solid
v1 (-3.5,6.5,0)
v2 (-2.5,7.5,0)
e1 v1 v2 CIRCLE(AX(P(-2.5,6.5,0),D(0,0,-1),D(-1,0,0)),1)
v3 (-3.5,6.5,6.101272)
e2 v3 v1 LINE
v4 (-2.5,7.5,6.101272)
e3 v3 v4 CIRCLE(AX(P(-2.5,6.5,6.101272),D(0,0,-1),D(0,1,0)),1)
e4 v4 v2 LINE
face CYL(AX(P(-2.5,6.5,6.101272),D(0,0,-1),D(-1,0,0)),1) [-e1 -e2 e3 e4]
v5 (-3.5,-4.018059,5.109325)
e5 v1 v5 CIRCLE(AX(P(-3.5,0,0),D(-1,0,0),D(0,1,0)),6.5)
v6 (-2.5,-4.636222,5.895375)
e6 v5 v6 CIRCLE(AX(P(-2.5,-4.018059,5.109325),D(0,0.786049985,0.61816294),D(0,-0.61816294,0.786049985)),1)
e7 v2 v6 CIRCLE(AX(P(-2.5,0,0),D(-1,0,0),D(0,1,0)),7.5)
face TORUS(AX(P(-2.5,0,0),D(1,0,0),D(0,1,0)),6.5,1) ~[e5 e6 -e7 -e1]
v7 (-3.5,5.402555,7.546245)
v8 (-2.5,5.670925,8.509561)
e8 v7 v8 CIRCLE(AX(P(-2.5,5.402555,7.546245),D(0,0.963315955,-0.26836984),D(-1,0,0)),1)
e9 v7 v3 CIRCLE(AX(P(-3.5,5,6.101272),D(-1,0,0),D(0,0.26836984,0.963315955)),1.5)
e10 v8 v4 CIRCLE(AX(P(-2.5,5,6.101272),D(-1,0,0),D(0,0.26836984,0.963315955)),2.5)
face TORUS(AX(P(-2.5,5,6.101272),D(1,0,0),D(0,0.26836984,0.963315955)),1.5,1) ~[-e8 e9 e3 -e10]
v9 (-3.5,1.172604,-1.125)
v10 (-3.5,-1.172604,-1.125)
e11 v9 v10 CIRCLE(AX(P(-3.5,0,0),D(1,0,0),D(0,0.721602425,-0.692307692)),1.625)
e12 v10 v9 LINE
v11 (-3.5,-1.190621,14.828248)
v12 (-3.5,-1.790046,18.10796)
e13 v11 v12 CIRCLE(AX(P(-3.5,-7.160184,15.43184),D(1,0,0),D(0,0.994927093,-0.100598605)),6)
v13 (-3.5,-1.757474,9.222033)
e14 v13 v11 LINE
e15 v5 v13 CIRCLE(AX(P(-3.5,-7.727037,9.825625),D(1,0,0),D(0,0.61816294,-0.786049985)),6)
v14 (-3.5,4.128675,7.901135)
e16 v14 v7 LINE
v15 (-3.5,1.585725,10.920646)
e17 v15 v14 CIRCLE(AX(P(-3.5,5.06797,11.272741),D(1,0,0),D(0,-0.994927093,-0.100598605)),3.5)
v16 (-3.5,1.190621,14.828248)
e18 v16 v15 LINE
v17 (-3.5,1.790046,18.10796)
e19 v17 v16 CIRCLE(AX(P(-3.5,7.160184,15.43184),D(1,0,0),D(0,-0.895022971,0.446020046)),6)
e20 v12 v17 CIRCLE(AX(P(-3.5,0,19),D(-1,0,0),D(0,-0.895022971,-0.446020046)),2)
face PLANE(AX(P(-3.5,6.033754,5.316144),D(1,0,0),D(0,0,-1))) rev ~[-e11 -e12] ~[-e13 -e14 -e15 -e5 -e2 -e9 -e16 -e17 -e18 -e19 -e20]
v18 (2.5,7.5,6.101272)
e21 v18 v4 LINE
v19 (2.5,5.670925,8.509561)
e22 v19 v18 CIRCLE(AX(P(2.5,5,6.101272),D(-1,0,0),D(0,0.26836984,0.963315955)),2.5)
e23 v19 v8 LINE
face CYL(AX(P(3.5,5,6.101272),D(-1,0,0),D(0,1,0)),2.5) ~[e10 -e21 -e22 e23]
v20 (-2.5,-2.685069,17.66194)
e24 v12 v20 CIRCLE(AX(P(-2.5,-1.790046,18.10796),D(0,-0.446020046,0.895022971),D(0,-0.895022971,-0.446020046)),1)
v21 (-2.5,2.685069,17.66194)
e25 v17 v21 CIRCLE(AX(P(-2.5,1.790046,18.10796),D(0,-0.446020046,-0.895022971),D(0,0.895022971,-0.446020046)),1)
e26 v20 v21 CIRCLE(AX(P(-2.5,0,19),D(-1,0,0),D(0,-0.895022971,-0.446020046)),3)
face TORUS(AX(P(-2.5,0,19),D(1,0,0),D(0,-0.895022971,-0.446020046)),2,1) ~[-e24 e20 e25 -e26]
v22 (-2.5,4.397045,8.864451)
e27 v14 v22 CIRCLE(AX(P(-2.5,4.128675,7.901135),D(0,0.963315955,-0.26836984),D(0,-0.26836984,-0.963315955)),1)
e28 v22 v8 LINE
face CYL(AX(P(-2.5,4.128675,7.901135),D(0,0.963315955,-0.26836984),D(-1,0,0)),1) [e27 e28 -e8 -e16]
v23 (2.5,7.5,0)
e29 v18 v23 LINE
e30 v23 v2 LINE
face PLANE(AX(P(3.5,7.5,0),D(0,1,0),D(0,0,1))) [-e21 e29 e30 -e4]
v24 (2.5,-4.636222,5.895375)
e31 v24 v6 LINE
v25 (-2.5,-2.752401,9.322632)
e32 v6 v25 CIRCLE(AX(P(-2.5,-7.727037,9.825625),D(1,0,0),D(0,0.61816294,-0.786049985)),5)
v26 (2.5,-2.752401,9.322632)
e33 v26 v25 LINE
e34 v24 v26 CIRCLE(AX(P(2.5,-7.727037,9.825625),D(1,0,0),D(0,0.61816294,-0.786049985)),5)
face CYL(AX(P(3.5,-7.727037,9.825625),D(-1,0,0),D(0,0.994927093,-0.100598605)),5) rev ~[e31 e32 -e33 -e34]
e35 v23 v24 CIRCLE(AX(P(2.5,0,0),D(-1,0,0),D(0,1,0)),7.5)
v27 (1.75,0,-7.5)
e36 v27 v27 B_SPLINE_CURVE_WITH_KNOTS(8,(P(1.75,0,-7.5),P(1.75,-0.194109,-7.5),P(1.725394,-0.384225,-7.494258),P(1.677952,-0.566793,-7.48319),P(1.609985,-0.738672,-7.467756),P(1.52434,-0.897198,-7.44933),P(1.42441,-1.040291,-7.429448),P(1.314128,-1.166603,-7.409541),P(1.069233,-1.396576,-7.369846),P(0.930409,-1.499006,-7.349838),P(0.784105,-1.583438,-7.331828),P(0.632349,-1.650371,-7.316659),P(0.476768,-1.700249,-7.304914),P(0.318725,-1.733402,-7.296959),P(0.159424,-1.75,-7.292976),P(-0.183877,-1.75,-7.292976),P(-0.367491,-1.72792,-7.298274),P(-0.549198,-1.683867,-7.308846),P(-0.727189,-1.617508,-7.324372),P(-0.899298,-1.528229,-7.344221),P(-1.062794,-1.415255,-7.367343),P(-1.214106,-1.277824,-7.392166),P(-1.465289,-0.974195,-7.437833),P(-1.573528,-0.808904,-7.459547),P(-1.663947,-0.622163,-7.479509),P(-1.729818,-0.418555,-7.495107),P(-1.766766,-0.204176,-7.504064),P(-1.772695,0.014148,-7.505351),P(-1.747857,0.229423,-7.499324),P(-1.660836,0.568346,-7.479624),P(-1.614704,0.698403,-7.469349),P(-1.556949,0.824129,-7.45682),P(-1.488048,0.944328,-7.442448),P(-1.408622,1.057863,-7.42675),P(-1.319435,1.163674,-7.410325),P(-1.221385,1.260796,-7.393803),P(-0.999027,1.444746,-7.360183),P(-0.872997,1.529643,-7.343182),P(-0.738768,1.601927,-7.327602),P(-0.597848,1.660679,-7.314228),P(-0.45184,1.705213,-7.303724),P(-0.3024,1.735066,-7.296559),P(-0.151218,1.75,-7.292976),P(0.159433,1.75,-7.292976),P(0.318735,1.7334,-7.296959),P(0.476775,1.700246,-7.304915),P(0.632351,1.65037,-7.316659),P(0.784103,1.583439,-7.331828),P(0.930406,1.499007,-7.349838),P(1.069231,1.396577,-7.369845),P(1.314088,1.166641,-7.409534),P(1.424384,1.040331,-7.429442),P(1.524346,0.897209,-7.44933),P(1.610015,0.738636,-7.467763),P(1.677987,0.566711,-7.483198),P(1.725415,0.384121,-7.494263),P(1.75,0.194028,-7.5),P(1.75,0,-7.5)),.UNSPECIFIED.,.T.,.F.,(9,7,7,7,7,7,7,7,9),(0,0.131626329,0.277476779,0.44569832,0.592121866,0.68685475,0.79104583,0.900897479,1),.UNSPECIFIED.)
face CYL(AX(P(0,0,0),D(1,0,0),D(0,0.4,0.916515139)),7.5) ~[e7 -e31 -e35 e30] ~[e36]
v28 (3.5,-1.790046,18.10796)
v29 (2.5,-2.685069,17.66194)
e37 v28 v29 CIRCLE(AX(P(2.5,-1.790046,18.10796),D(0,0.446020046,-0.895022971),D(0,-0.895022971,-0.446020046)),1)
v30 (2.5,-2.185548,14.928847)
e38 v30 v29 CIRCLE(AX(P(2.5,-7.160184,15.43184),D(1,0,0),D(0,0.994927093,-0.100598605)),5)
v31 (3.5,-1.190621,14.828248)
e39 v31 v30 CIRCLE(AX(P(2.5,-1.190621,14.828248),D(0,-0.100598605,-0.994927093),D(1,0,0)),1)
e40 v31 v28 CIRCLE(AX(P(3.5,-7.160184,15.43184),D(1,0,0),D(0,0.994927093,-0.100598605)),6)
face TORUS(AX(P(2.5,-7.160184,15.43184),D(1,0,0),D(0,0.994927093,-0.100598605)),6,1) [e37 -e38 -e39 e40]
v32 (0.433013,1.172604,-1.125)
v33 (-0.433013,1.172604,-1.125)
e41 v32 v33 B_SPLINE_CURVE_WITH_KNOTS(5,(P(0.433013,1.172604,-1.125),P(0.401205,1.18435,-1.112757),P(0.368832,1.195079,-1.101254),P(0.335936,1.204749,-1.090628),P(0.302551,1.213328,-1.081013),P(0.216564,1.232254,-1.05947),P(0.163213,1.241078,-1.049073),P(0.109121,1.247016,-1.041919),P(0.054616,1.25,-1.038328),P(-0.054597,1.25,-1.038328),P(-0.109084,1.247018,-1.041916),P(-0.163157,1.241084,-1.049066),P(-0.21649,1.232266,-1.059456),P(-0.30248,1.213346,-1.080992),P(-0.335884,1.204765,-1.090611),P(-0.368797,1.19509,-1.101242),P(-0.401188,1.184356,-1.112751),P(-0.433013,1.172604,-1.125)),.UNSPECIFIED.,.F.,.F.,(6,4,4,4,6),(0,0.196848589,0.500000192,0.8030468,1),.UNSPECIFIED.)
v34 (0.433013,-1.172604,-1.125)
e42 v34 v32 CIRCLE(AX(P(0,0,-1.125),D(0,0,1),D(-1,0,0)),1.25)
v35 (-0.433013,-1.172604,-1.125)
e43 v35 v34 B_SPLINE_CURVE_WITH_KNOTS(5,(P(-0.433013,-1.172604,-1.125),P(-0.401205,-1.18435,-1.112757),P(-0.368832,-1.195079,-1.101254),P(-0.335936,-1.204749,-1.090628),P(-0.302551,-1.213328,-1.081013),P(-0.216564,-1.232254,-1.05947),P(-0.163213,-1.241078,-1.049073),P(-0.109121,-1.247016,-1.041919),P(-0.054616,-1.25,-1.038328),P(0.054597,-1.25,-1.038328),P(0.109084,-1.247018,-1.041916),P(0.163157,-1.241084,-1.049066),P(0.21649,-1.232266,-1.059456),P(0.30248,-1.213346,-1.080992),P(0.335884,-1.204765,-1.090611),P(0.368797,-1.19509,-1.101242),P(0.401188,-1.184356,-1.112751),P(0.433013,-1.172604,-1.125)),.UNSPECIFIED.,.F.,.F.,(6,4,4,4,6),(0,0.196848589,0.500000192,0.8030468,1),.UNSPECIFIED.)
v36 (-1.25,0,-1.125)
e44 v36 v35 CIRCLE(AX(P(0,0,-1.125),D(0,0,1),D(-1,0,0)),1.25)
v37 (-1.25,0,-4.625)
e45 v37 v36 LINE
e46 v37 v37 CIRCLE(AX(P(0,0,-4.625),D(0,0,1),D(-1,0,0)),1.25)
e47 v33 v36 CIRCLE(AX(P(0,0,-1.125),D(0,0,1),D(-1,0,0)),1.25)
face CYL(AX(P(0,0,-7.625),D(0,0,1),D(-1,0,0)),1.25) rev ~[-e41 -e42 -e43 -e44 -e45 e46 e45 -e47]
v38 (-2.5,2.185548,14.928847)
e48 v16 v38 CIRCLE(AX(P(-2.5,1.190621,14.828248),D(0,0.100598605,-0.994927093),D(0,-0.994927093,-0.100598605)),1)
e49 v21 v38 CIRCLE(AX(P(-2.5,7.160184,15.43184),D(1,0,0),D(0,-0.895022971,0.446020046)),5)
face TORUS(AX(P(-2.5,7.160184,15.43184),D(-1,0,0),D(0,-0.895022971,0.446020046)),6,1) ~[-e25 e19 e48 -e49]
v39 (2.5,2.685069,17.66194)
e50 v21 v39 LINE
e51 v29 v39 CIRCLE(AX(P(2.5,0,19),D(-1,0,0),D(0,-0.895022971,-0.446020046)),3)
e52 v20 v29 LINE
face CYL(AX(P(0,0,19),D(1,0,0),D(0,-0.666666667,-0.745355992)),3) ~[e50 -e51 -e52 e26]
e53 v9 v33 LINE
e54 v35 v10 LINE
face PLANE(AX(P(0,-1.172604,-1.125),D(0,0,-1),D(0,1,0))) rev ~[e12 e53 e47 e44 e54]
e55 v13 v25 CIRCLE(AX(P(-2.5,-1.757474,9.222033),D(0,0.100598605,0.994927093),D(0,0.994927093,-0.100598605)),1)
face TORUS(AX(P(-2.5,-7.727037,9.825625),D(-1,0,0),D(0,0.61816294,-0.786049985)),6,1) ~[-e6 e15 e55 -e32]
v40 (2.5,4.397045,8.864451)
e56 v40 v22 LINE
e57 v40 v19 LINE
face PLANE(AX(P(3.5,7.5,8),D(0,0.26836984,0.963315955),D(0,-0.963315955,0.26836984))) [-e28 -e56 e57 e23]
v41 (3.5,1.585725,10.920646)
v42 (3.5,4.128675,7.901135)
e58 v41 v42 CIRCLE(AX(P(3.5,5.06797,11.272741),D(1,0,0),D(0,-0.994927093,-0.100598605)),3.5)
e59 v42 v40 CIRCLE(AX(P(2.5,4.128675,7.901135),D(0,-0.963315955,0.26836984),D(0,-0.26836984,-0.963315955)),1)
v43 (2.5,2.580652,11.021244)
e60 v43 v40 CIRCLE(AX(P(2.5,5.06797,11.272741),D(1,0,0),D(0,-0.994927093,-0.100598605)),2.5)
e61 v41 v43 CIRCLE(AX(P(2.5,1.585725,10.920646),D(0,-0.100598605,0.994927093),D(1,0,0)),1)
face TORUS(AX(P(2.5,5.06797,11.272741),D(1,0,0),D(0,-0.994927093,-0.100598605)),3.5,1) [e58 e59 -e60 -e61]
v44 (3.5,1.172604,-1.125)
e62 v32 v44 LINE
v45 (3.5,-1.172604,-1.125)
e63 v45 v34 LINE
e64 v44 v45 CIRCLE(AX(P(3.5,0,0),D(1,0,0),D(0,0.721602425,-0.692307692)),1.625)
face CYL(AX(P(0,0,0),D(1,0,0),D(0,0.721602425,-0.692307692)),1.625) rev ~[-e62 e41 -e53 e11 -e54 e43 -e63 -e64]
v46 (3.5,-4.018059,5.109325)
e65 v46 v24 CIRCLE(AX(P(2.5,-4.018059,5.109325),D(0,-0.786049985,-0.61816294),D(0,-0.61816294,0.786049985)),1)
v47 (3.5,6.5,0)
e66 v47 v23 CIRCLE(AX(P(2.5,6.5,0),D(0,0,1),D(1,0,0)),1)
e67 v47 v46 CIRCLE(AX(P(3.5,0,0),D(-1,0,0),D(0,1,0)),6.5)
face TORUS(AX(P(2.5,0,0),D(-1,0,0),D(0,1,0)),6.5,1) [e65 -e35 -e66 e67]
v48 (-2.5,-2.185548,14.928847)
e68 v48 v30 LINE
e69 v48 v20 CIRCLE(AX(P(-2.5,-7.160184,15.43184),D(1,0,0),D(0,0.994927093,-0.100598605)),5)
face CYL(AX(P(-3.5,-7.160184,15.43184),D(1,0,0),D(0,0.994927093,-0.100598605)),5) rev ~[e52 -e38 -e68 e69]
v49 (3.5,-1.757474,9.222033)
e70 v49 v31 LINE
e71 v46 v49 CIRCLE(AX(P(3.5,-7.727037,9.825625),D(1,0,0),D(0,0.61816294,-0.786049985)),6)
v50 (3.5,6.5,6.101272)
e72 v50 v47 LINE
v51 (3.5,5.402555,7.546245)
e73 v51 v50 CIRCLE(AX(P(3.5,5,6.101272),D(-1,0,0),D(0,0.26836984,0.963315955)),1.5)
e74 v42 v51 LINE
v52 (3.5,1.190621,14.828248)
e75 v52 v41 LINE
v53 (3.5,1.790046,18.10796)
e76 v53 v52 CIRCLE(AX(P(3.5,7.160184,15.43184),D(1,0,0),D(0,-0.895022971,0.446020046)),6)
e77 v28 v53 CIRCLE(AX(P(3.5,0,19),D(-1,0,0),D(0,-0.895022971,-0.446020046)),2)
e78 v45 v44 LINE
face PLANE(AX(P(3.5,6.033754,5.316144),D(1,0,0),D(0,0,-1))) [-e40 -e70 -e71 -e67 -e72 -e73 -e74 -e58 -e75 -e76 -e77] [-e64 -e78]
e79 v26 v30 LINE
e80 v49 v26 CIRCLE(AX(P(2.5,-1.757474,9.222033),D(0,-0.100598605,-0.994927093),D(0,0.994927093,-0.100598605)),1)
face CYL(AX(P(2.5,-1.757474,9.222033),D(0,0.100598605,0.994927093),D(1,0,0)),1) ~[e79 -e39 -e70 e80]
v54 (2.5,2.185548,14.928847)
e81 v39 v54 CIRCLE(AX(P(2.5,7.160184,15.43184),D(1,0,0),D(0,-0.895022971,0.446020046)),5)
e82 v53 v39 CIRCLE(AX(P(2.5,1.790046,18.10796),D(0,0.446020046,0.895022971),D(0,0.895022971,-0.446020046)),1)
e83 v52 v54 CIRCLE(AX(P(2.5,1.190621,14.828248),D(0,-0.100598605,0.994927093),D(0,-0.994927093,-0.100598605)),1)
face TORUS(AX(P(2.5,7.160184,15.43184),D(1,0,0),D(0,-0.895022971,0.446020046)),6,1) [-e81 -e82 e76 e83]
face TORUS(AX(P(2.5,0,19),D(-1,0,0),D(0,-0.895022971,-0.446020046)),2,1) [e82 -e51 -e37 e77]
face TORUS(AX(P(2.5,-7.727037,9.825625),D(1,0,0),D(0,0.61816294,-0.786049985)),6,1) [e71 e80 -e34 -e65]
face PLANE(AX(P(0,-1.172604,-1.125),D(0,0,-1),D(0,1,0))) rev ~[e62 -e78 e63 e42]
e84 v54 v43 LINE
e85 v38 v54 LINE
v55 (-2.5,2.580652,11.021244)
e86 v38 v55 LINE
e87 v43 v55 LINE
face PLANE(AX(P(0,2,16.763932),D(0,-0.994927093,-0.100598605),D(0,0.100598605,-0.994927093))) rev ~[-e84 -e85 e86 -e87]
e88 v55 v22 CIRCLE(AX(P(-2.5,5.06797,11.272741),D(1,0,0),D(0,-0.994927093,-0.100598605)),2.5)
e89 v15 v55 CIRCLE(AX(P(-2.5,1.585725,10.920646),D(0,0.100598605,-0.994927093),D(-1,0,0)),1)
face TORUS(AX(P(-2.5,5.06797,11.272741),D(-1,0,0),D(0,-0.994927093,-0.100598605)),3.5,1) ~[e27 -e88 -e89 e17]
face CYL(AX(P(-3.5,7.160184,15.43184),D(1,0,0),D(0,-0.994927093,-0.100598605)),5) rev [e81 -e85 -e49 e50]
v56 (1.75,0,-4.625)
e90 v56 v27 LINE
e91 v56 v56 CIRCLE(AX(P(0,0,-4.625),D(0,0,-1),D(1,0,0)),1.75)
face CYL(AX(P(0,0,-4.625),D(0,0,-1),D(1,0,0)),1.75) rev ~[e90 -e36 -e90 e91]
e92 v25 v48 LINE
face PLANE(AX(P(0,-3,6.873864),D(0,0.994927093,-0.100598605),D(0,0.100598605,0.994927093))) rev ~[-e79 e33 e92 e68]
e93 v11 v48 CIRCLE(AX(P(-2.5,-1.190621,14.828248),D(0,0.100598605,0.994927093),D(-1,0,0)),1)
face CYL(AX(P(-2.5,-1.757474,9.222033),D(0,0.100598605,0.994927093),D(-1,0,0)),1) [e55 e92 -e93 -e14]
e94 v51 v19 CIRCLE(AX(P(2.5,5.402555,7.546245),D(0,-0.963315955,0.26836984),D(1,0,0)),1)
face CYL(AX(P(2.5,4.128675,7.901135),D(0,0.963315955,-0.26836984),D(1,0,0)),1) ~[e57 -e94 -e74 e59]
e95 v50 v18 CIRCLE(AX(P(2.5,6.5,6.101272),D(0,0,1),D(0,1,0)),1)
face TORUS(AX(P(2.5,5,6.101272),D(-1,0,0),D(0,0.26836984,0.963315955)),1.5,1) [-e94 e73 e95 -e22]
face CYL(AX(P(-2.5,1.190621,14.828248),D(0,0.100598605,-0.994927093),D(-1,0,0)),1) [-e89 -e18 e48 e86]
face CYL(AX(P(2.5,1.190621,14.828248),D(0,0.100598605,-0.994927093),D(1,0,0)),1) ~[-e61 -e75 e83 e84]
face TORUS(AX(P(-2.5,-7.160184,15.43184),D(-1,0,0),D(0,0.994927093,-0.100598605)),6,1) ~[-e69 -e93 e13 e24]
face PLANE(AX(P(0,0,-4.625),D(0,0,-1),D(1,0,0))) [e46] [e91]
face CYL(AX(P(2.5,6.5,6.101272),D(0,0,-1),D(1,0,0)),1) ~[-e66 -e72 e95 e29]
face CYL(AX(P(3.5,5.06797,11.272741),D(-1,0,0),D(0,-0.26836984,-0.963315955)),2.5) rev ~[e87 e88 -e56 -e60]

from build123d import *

# Parameters (mm, degrees)
BOSS_EXTRUDE1_DEPTH = 3.5
FILLET1_R           = 5
HOLE1_D             = 2.5
HOLE1_DEPTH         = 8
HOLE1_CBORE_D       = 3.5
HOLE1_CBORE_DEPTH   = 3
BOSS_EXTRUDE2_DEPTH = 7
FILLET3_R           = 2.5
FILLET2_R           = 1


with BuildPart() as part:
    # Sketch1 → Boss-Extrude1 (new, symmetric)
    with BuildSketch(Plane(origin=(0, 0, 0), x_dir=(0, 0, -1), z_dir=(1, 0, 0))):
        with BuildLine():
            Line((-16.763932023, 2), (-6.873863542, 3))
            ThreePointArc((-6.873863542, 3), (7.5, 0), (-6.873863542, -3))
            Line((-6.873863542, -3), (-16.763932023, -2))
            ThreePointArc((-16.763932023, -2), (-22, 0), (-16.763932023, 2))
        make_face()
        with BuildLine():
            Line((1.125, -1.17260394), (1.125, 1.17260394))
            ThreePointArc((1.125, 1.17260394), (-1.625, 0), (1.125, -1.17260394))
        make_face(mode=Mode.SUBTRACT)
    extrude(amount=BOSS_EXTRUDE1_DEPTH, both=True)

    # Fillet1
    fillet1_edges = [part.edges().sort_by_distance(p)[0] for p in [
        (0, 2, 16.763932023),
        (0, 3, 6.873863542),
        (0, -3, 6.873863542),
        (0, -2, 16.763932023),
    ]]
    fillet(fillet1_edges, radius=FILLET1_R)

    # Hole1
    with Locations(Plane(origin=(0, 0, -7.625), x_dir=(1, 0, 0), z_dir=(0, 0, -1))):
        with Locations((0, 0)):
            CounterBoreHole(HOLE1_D / 2, HOLE1_CBORE_D / 2, HOLE1_CBORE_DEPTH, depth=HOLE1_DEPTH)

    # Sketch4 → Boss-Extrude2 (add, through all)
    with BuildSketch(Plane(origin=(3.5, 0, 0), x_dir=(0, 0, -1), z_dir=(1, 0, 0))):
        with BuildLine():
            Line((0, 7.5), (-8, 7.5))
            Line((-8, 7.5), (-9.322631792, 2.752401285))
            ThreePointArc((-9.322631792, 2.752401285), (-7.417180104, 3.345325434), (-5.895374891, 4.63622205))
            ThreePointArc((-5.895374891, 4.63622205), (-3.277066876, 6.746171706), (0, 7.5))
        make_face()
    extrude(amount=-BOSS_EXTRUDE2_DEPTH)

    # Fillet3
    fillet3_edges = [part.edges().sort_by_distance(p)[0] for p in [
        (0, 2.752401285, 9.322631792),
        (0, 7.5, 8),
    ]]
    fillet(fillet3_edges, radius=FILLET3_R)

    # Fillet2
    fillet2_edges = [part.edges().sort_by_distance(p)[0] for p in [
        (-3.5, 0, 22),
        (3.5, 0, 22),
        (-3.5, -3.277066876, -6.746171706),
        (3.5, -3.277066876, -6.746171706),
        (-3.5, -2.468974793, 12.1257392),
        (3.5, -2.468974793, 12.1257392),
        (-3.5, 2.241658078, 16.330786257),
        (3.5, 2.241658078, 16.330786257),
        (-3.5, -3.345325434, 7.417180104),
        (3.5, -3.345325434, 7.417180104),
        (-3.5, -2.241658078, 16.330786257),
        (3.5, -2.241658078, 16.330786257),
        (-3.5, 7.5, 3.05063578),
        (3.5, 7.5, 3.05063578),
        (-3.5, 2.383100127, 12.975045529),
        (3.5, 2.383100127, 12.975045529),
        (3.5, 5.033984843, 8.687006262),
        (-3.5, 5.033984843, 8.687006262),
        (3.5, 6.990893204, 7.613337779),
        (-3.5, 6.990893204, 7.613337779),
        (-3.5, 3.155755504, 9.662325823),
        (3.5, 3.155755504, 9.662325823),
    ]]
    fillet(fillet2_edges, radius=FILLET2_R)


solid = part.part
